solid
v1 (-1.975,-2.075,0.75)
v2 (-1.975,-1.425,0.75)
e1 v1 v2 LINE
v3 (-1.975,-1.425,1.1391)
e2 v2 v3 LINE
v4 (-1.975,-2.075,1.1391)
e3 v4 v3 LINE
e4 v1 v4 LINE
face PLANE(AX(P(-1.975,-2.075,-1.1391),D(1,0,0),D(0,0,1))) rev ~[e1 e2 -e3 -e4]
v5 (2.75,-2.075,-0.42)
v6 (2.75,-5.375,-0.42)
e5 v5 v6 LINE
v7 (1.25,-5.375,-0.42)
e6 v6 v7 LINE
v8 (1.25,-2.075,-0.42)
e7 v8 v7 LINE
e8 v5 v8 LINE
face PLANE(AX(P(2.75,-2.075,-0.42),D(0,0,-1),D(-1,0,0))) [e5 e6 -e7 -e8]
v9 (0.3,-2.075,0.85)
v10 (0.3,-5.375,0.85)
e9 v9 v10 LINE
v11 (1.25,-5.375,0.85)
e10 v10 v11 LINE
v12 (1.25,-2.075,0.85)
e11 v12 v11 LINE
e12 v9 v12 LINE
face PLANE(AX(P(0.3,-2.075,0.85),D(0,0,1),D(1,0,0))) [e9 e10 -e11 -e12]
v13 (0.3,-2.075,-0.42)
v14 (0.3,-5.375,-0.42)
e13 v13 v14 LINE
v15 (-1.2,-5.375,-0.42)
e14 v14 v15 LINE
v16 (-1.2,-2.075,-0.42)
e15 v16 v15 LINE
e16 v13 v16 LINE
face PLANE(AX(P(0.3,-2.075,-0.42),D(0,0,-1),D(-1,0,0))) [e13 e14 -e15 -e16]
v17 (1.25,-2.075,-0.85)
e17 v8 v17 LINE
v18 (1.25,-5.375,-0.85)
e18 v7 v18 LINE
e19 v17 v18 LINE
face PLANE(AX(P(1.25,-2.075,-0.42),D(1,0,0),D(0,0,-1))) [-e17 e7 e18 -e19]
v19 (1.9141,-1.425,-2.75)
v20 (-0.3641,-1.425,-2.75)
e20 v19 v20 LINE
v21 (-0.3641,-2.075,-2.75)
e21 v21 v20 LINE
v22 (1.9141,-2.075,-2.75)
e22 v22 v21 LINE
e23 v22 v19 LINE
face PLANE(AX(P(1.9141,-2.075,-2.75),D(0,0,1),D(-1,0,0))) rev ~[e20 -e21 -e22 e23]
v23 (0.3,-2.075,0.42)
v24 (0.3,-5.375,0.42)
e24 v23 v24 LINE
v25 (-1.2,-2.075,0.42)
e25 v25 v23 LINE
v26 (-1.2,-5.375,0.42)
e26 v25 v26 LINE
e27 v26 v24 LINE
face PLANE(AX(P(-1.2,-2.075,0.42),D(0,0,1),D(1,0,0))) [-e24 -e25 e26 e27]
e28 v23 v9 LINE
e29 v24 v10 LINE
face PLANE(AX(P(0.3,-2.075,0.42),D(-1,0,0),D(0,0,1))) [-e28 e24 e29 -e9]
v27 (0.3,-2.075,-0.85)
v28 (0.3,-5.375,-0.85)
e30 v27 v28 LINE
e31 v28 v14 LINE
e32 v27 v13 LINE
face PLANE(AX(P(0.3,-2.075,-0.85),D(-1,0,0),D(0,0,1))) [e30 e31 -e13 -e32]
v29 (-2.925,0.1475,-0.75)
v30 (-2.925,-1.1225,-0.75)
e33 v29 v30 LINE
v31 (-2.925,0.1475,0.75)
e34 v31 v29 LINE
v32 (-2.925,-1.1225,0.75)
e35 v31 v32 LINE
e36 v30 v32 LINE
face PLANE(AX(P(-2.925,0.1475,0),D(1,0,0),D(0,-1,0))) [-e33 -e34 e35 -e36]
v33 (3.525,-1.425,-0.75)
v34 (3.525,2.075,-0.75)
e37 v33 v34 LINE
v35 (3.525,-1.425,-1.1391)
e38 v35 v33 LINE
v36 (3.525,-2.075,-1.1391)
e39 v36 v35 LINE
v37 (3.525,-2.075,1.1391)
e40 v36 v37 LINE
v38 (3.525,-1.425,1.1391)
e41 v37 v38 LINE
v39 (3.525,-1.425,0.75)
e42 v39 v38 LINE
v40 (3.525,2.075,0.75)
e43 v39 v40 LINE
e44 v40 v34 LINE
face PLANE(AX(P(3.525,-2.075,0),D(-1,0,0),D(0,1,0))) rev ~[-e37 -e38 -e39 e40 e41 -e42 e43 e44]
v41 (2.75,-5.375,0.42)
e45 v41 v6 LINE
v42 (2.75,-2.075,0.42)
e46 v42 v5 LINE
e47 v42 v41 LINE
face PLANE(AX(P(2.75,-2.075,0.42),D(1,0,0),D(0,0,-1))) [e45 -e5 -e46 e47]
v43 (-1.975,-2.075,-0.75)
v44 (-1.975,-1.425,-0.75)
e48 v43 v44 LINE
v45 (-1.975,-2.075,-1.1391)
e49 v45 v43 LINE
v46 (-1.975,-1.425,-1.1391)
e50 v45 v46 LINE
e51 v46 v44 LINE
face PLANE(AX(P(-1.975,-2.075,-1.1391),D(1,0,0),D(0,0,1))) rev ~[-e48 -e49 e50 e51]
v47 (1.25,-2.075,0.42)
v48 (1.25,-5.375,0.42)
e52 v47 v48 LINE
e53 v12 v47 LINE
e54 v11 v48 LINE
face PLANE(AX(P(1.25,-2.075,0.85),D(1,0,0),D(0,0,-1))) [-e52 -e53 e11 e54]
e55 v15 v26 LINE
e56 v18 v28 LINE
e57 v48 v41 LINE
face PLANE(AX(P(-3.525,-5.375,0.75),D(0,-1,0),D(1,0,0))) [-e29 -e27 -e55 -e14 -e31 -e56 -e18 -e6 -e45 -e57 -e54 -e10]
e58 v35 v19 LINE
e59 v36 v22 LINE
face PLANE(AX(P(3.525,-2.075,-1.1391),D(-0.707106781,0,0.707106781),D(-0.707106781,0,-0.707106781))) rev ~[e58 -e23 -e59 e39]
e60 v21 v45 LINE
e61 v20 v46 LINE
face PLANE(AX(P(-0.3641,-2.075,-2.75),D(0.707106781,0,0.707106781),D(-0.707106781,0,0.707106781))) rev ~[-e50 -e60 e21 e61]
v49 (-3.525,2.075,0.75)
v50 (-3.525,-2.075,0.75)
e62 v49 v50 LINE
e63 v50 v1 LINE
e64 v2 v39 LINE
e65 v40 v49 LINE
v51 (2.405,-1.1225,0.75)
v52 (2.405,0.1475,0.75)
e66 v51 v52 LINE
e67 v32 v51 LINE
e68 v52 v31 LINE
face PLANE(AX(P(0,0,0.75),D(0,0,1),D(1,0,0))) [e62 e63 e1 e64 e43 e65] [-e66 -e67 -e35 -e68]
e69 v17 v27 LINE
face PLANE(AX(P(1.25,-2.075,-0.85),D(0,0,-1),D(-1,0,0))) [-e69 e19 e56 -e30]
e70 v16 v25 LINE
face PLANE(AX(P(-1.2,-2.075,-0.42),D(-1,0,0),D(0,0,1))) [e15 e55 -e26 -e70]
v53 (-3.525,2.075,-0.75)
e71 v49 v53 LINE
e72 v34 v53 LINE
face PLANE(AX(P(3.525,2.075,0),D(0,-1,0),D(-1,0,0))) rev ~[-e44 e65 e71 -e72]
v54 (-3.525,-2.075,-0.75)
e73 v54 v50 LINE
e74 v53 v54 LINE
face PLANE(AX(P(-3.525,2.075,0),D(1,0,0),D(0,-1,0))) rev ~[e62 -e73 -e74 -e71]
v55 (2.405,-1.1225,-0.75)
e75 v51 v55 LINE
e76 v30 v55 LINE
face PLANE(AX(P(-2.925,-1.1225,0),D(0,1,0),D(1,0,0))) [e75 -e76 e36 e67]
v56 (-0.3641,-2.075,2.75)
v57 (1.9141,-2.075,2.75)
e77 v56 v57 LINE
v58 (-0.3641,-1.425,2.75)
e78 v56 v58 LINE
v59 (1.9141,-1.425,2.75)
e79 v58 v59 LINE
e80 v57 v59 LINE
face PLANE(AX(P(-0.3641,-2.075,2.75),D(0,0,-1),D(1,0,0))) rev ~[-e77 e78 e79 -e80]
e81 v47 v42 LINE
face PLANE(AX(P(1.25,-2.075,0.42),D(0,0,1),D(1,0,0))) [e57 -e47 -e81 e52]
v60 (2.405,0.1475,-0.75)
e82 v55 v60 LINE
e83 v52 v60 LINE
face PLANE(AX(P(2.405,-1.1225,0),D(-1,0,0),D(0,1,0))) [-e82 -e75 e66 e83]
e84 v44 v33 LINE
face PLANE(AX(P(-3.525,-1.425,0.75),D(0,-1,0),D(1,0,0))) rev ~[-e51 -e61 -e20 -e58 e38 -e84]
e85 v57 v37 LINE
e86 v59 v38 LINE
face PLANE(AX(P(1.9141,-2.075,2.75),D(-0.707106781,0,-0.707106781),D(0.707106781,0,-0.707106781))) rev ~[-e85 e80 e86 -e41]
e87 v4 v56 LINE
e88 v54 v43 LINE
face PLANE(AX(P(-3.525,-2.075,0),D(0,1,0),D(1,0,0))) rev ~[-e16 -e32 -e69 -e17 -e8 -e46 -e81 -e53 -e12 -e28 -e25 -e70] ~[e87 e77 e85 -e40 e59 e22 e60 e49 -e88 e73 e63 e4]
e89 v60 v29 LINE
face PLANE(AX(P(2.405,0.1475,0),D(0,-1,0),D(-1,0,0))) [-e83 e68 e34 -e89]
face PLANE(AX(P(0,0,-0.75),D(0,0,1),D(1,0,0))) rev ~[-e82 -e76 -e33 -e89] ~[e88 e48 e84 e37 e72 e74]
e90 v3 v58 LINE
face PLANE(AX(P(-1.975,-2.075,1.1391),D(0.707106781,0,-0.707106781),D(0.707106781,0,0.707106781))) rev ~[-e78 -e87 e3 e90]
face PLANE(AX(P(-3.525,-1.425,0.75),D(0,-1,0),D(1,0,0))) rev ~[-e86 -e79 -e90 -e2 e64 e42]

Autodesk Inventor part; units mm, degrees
ref_plane "YZ Plane" through (0, 0, 0) normal (1, 0, 0) x (0, 1, 0)
ref_plane "XZ Plane" through (0, 0, 0) normal (0, 1, 0) x (-1, 0, 0)
ref_plane "XY Plane" through (0, 0, 0) normal (0, 0, 1) x (1, 0, 0)
sketch "Sketch1" plane through (0, 0, 0) normal (0, 0, 1) x (1, 0, 0)
  line L0 (-3.525, -2.075) -> (3.525, -2.075)
  line L1 (3.525, -2.075) -> (3.525, 2.075)
  line L2 (3.525, 2.075) -> (-3.525, 2.075)
  line L3 (-3.525, 2.075) -> (-3.525, -2.075)
  line L4 (-3.525, -2.075) -> (3.525, 2.075) construction
  line L5 (3.525, -2.075) -> (-3.525, 2.075) construction
  line L6 (-2.925, -1.1225) -> (2.405, -1.1225)
  line L7 (2.405, -1.1225) -> (2.405, 0.1475)
  line L8 (2.405, 0.1475) -> (-2.925, 0.1475)
  line L9 (-2.925, 0.1475) -> (-2.925, -1.1225)
  point P0 (0, 0)
  dimension "d0" = 4.15
  dimension "d1" = 7.05
  dimension "d2" = 5.33
  dimension "d3" = 0.6
  dimension "d4" = 1.27
  dimension "d5" = 0.9525
extrude "Extrusion1" add sketch "Sketch1" along normal mid plane 1.5
sketch "Sketch2" plane through (-3.525, -2.075, 0.75) normal (0, -1, 0) x (1, 0, 0)
  line L0 (7.05, 0.3891) -> (7.05, -1.8891)
  line L1 (7.05, -1.8891) -> (5.4391, -3.5)
  line L2 (5.4391, -3.5) -> (3.1609, -3.5)
  line L3 (3.1609, -3.5) -> (1.55, -1.8891)
  line L4 (1.55, -1.8891) -> (1.55, 0.3891)
  line L5 (1.55, 0.3891) -> (3.1609, 2)
  line L6 (3.1609, 2) -> (5.4391, 2)
  line L7 (5.4391, 2) -> (7.05, 0.3891)
  line L8 (7.05, -1.5) -> (7.05, 0) projected
  line L9 (3.825, -0.33) -> (3.825, 0.1)
  line L10 (3.825, 0.1) -> (4.775, 0.1)
  line L11 (4.775, 0.1) -> (4.775, -0.33)
  line L12 (4.775, -0.33) -> (6.275, -0.33)
  line L13 (6.275, -0.33) -> (6.275, -1.17)
  line L14 (6.275, -1.17) -> (4.775, -1.17)
  line L15 (4.775, -1.17) -> (4.775, -1.6)
  line L16 (4.775, -1.6) -> (3.825, -1.6)
  line L17 (3.825, -1.6) -> (3.825, -1.17)
  line L18 (3.825, -1.17) -> (2.325, -1.17)
  line L19 (2.325, -1.17) -> (2.325, -0.33)
  line L20 (2.325, -0.33) -> (3.825, -0.33)
  line L21 (4.3, 0.1) -> (4.3, -1.6) construction
  line L22 (2.325, -0.75) -> (6.275, -0.75) construction
  point P0 (3.525, -0.75)
  point P1 (4.3, -0.75)
  dimension "d8" = 5.5
  dimension "d9" = 3.95
  dimension "d10" = 1.7
  dimension "d11" = 0.84
  dimension "d12" = 0.95
extrude "Extrusion2" add sketch "Sketch2" against normal blind 0.65 contours L0 L1 L2 L3 L4 L5 L6 L7 | L9 L10 L11 L12 L13 L14 L15 L16 L17 L18 L19 L20
extrude "Extrusion3" add sketch "Sketch2" along normal blind 3.3 contours L9 L10 L11 L12 L13 L14 L15 L16 L17 L18 L19 L20
properties part number "Replacement latch"
